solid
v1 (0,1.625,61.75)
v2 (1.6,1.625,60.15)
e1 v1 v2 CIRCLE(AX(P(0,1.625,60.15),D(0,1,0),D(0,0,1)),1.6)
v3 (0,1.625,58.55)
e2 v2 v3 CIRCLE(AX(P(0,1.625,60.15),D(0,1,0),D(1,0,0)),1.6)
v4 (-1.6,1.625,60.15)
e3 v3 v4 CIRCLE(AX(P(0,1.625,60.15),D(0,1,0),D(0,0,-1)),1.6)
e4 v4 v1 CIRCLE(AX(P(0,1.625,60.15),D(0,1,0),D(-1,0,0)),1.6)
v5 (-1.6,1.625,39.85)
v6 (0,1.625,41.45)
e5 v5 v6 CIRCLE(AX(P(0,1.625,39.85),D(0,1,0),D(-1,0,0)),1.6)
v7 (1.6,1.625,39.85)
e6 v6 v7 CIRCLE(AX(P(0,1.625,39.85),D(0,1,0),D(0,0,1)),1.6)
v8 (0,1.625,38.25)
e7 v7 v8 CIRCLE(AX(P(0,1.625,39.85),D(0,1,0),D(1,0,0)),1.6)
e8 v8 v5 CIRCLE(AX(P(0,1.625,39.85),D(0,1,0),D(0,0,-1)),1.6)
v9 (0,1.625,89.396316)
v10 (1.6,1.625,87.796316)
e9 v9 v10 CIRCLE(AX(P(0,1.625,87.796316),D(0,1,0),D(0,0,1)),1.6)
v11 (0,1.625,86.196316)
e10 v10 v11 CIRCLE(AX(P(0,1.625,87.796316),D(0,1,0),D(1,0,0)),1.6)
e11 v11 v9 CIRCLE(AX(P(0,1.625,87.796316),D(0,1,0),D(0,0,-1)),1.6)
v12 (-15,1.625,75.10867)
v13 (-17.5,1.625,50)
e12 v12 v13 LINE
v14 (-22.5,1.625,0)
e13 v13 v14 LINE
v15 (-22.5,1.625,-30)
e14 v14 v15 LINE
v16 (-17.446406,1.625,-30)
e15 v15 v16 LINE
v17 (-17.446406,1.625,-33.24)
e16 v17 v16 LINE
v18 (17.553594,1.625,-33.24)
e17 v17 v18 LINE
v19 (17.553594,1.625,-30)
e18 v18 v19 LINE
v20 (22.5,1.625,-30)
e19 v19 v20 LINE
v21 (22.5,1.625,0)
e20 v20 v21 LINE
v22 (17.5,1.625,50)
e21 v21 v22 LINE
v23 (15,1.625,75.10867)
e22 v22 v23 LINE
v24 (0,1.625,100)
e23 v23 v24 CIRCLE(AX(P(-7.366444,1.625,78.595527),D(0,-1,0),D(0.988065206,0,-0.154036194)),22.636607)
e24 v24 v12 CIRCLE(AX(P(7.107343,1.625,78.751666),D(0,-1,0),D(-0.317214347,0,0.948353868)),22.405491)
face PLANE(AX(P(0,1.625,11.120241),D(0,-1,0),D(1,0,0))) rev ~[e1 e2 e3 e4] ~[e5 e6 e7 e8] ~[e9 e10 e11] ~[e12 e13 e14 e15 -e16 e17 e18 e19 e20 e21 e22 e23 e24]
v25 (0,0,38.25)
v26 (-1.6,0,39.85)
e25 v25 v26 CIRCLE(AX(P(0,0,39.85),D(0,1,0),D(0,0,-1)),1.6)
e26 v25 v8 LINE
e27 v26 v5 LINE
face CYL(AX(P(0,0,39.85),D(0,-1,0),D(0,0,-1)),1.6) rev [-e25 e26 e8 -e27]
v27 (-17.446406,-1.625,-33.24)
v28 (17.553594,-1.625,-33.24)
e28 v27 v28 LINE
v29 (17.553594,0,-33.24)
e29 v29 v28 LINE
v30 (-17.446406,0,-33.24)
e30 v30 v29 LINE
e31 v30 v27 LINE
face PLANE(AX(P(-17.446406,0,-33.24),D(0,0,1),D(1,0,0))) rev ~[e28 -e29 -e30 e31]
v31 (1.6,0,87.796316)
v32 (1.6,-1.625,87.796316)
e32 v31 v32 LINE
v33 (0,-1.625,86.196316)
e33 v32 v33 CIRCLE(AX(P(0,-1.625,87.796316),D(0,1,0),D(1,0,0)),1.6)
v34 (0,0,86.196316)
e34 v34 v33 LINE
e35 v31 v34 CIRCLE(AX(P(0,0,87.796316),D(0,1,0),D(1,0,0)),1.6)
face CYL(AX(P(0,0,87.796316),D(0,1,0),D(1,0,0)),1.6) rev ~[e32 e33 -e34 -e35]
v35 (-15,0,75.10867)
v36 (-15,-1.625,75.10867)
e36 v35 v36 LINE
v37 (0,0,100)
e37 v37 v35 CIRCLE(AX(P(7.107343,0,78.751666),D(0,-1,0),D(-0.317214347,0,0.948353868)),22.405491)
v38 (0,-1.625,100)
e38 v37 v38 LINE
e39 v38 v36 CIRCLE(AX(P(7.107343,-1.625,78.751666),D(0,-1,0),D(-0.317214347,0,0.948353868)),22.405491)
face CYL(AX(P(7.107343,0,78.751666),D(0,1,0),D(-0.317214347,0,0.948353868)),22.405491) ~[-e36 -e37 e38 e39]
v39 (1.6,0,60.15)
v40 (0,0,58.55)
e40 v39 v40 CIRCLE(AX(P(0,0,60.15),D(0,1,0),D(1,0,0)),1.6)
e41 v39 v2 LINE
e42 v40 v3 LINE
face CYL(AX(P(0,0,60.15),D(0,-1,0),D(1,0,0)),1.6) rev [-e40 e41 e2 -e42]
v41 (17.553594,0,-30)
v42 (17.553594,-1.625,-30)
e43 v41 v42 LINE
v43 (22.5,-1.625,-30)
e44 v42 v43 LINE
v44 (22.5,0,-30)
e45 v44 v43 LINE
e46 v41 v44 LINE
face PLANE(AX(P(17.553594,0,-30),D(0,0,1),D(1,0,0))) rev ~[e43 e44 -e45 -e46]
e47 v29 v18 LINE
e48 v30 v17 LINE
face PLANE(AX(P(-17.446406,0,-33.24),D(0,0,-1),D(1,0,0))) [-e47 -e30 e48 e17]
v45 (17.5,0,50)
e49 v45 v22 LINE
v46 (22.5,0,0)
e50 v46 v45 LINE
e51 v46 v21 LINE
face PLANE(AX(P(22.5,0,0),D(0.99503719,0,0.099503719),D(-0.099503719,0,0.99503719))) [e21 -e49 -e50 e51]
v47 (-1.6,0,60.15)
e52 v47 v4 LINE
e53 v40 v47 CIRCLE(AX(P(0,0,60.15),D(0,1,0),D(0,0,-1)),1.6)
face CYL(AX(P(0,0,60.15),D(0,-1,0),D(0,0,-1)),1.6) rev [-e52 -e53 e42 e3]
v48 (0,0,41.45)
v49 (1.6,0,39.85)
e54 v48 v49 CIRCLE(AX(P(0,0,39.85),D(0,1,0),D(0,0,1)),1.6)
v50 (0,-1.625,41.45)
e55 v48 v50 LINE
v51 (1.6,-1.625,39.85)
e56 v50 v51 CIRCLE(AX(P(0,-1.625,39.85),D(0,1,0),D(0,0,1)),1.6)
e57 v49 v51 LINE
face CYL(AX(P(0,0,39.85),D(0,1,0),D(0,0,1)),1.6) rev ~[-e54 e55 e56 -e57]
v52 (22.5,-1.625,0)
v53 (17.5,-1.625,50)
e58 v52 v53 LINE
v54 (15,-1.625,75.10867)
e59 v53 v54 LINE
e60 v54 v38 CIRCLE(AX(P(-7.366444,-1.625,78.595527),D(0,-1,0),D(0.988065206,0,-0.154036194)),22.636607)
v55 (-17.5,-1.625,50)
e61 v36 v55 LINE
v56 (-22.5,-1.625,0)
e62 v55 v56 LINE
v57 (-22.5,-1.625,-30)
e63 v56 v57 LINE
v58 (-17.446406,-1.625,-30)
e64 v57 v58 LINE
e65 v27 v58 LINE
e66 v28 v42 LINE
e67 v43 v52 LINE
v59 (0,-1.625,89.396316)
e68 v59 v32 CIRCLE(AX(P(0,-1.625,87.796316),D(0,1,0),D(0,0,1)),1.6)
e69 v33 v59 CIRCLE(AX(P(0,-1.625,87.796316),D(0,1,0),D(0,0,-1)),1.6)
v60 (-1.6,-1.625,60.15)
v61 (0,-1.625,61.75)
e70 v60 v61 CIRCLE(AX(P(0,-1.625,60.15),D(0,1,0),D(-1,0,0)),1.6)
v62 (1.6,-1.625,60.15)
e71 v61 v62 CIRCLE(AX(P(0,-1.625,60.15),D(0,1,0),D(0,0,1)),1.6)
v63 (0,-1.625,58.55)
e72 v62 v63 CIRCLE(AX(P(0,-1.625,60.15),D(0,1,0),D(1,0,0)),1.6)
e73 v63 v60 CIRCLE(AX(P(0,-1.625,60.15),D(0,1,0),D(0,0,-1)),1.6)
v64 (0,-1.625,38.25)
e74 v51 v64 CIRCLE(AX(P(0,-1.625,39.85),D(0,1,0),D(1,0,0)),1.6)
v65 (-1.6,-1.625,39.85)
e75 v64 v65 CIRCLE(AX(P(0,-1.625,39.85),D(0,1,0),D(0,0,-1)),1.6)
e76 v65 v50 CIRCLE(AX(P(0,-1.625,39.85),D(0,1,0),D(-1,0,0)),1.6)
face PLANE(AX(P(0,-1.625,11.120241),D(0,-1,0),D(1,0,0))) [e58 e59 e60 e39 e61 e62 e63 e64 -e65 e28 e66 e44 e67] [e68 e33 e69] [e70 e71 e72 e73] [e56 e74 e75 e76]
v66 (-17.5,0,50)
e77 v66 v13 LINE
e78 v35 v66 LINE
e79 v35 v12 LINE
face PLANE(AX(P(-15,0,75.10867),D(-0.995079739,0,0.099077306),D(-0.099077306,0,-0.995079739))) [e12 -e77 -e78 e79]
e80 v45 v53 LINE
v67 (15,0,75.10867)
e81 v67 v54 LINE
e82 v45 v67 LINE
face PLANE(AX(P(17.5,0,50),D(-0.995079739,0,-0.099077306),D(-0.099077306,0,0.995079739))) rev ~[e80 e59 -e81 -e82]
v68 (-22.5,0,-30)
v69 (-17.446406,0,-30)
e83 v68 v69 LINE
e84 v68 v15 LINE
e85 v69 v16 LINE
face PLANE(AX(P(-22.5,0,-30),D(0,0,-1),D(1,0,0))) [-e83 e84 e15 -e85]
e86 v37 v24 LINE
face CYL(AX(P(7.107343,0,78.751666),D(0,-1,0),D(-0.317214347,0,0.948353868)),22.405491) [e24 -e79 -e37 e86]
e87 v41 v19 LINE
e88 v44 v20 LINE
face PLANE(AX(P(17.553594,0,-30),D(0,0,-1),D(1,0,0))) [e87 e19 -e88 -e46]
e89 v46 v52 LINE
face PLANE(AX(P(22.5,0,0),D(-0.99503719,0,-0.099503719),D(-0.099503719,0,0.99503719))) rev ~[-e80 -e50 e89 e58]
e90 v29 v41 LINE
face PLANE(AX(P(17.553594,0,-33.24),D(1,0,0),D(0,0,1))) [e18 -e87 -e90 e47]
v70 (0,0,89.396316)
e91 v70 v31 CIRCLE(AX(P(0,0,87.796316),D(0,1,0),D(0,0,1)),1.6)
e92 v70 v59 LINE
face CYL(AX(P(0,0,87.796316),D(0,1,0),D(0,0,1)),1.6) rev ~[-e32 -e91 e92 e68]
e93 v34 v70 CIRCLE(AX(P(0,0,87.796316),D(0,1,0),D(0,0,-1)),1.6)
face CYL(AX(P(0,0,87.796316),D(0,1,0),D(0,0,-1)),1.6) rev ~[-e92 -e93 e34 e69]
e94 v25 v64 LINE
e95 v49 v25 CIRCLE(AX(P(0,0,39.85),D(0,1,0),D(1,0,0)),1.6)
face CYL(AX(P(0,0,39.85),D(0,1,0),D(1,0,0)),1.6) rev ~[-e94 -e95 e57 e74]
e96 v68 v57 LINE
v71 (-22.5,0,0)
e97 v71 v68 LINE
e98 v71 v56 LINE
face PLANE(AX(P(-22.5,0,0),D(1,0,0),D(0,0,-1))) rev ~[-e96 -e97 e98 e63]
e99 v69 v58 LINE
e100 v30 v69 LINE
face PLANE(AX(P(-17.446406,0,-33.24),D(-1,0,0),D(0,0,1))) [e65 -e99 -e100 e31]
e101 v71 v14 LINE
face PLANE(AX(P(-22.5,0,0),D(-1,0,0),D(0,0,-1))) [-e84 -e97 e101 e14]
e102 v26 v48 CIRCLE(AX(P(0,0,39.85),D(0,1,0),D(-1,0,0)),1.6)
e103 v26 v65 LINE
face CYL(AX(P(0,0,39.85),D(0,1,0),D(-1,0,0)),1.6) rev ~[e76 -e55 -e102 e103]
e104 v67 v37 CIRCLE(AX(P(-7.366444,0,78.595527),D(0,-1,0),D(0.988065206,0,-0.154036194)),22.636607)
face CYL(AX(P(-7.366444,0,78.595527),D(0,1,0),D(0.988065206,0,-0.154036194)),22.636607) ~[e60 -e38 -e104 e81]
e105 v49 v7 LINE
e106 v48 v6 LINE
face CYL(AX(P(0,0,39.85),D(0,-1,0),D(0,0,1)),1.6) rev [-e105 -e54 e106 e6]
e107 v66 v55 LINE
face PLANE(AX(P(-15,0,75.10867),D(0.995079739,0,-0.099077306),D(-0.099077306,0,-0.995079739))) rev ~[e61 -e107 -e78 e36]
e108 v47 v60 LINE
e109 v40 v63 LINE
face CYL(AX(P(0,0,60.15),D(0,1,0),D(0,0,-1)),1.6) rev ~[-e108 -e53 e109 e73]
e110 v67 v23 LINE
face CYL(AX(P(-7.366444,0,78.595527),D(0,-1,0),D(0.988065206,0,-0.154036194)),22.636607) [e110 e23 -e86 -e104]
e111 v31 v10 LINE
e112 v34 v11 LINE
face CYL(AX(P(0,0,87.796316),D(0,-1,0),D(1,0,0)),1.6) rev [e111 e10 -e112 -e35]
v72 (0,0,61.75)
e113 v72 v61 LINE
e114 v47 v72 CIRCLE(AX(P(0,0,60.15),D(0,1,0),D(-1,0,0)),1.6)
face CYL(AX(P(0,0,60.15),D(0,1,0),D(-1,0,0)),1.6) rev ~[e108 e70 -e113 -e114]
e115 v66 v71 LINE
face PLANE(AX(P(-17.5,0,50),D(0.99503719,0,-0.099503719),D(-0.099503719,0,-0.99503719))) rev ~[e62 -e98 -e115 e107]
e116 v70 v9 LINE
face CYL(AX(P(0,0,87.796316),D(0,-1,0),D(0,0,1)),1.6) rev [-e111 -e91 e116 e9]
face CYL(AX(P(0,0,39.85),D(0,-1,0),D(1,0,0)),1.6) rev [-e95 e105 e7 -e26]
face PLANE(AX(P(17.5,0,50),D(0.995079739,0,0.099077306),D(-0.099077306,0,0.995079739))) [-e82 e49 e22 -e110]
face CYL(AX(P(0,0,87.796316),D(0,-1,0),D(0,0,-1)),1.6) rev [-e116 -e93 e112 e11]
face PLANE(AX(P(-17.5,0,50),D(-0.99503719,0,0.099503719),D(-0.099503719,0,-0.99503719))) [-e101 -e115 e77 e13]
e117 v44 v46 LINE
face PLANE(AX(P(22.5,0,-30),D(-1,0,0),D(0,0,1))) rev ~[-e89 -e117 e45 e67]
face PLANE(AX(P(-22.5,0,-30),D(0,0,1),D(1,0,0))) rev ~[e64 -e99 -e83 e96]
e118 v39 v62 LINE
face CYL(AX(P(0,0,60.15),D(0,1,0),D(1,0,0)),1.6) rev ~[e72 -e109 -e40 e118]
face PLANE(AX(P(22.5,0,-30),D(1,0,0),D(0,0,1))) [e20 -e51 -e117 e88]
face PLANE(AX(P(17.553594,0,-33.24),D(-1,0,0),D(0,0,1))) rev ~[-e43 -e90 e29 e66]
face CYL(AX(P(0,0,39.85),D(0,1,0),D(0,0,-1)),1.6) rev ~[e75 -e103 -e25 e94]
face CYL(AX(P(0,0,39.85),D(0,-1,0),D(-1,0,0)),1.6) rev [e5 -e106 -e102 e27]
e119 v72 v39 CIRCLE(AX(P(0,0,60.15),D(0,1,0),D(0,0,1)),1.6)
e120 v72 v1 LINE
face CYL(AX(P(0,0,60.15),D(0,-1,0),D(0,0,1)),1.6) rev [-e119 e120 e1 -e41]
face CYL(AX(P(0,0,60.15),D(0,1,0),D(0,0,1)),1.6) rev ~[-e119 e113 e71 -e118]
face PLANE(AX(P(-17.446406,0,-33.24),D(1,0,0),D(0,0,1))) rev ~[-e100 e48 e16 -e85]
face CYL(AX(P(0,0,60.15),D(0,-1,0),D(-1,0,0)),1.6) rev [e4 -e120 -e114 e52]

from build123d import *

# Parameters (mm, degrees)
F0_W     = 35
F0_H     = 3.24
F1_DEPTH = 1.625


with BuildPart() as f1:
    # F0 (on Front) → F1 (new body, symmetric)
    with BuildSketch(Plane.XZ):
        with BuildLine():
            ThreePointArc((1.6, 39.85), (1.1313708499, 38.7186291501), (0, 38.25))
            ThreePointArc((0, 38.25), (-1.1313708499, 38.7186291501), (-1.6, 39.85))
            Line((-1.6, 39.85), (-3.4575504251, 39.85))
            Line((-3.4575504251, 39.85), (-3.4575504251, 50))
            Line((-3.4575504251, 50), (-17.5, 50))
            Line((-17.5, 50), (-22.5, 0))
            Line((-22.5, 0), (-22.5, -30))
            Line((-22.5, -30), (-17.4464061856, -30))
            Line((-17.4464061856, -30), (17.5535938144, -30))
            Line((17.5535938144, -30), (22.5, -30))
            Line((22.5, -30), (22.5, 0))
            Line((22.5, 0), (17.5, 50))
            Line((17.5, 50), (3.4575504251, 50))
            Line((3.4575504251, 50), (3.4575504251, 39.85))
            Line((3.4575504251, 39.85), (1.6, 39.85))
        make_face()
        with Locations((0.0535938144, -31.62)):
            Rectangle(F0_W, F0_H)
        with BuildLine():
            Line((3.4575504251, 60.15), (3.4575504251, 50))
            Line((3.4575504251, 50), (17.5, 50))
            Line((17.5, 50), (15, 75.1086696982))
            Line((15, 75.1086696982), (0, 75.1086696982))
            Line((0, 75.1086696982), (0, 61.75))
            ThreePointArc((0, 61.75), (1.1313708499, 61.2813708499), (1.6, 60.15))
            Line((1.6, 60.15), (3.4575504251, 60.15))
        make_face()
        with BuildLine():
            Line((-17.5, 50), (-3.4575504251, 50))
            Line((-3.4575504251, 50), (-3.4575504251, 60.15))
            Line((-3.4575504251, 60.15), (-1.6, 60.15))
            ThreePointArc((-1.6, 60.15), (-1.1313708499, 61.2813708499), (0, 61.75))
            Line((0, 61.75), (0, 75.1086696982))
            Line((0, 75.1086696982), (-15, 75.1086696982))
            Line((-15, 75.1086696982), (-17.5, 50))
        make_face()
        with BuildLine():
            Line((0, 75.1086696982), (15, 75.1086696982))
            ThreePointArc((15, 75.1086696982), (12.021844725, 90.279286471), (0, 100))
            Line((0, 100), (0, 89.3963155508))
            ThreePointArc((0, 89.3963155508), (1.1313708499, 88.9276864007), (1.6, 87.7963155508))
            ThreePointArc((1.6, 87.7963155508), (1.1313708499, 86.6649447009), (0, 86.1963155508))
            Line((0, 86.1963155508), (0, 75.1086696982))
        make_face()
        with BuildLine():
            ThreePointArc((0, 100), (-12.0829943434, 90.3161364209), (-15, 75.1086696982))
            Line((-15, 75.1086696982), (0, 75.1086696982))
            Line((0, 75.1086696982), (0, 86.1963155508))
            ThreePointArc((0, 86.1963155508), (-1.6, 87.7963155508), (0, 89.3963155508))
            Line((0, 89.3963155508), (0, 100))
        make_face()
        with BuildLine():
            Line((0, 58.55), (0, 50))
            Line((0, 50), (3.4575504251, 50))
            Line((3.4575504251, 50), (3.4575504251, 60.15))
            Line((3.4575504251, 60.15), (1.6, 60.15))
            ThreePointArc((1.6, 60.15), (1.1313708499, 59.0186291501), (0, 58.55))
        make_face()
        with BuildLine():
            Line((-3.4575504251, 50), (0, 50))
            Line((0, 50), (0, 58.55))
            ThreePointArc((0, 58.55), (-1.1313708499, 59.0186291501), (-1.6, 60.15))
            Line((-1.6, 60.15), (-3.4575504251, 60.15))
            Line((-3.4575504251, 60.15), (-3.4575504251, 50))
        make_face()
        with BuildLine():
            Line((-3.4575504251, 39.85), (-1.6, 39.85))
            ThreePointArc((-1.6, 39.85), (-1.1313708499, 40.9813708499), (0, 41.45))
            Line((0, 41.45), (0, 50))
            Line((0, 50), (-3.4575504251, 50))
            Line((-3.4575504251, 50), (-3.4575504251, 39.85))
        make_face()
        with BuildLine():
            ThreePointArc((0, 41.45), (1.1313708499, 40.9813708499), (1.6, 39.85))
            Line((1.6, 39.85), (3.4575504251, 39.85))
            Line((3.4575504251, 39.85), (3.4575504251, 50))
            Line((3.4575504251, 50), (0, 50))
            Line((0, 50), (0, 41.45))
        make_face()
    extrude(amount=F1_DEPTH, both=True)


solid = f1.part
